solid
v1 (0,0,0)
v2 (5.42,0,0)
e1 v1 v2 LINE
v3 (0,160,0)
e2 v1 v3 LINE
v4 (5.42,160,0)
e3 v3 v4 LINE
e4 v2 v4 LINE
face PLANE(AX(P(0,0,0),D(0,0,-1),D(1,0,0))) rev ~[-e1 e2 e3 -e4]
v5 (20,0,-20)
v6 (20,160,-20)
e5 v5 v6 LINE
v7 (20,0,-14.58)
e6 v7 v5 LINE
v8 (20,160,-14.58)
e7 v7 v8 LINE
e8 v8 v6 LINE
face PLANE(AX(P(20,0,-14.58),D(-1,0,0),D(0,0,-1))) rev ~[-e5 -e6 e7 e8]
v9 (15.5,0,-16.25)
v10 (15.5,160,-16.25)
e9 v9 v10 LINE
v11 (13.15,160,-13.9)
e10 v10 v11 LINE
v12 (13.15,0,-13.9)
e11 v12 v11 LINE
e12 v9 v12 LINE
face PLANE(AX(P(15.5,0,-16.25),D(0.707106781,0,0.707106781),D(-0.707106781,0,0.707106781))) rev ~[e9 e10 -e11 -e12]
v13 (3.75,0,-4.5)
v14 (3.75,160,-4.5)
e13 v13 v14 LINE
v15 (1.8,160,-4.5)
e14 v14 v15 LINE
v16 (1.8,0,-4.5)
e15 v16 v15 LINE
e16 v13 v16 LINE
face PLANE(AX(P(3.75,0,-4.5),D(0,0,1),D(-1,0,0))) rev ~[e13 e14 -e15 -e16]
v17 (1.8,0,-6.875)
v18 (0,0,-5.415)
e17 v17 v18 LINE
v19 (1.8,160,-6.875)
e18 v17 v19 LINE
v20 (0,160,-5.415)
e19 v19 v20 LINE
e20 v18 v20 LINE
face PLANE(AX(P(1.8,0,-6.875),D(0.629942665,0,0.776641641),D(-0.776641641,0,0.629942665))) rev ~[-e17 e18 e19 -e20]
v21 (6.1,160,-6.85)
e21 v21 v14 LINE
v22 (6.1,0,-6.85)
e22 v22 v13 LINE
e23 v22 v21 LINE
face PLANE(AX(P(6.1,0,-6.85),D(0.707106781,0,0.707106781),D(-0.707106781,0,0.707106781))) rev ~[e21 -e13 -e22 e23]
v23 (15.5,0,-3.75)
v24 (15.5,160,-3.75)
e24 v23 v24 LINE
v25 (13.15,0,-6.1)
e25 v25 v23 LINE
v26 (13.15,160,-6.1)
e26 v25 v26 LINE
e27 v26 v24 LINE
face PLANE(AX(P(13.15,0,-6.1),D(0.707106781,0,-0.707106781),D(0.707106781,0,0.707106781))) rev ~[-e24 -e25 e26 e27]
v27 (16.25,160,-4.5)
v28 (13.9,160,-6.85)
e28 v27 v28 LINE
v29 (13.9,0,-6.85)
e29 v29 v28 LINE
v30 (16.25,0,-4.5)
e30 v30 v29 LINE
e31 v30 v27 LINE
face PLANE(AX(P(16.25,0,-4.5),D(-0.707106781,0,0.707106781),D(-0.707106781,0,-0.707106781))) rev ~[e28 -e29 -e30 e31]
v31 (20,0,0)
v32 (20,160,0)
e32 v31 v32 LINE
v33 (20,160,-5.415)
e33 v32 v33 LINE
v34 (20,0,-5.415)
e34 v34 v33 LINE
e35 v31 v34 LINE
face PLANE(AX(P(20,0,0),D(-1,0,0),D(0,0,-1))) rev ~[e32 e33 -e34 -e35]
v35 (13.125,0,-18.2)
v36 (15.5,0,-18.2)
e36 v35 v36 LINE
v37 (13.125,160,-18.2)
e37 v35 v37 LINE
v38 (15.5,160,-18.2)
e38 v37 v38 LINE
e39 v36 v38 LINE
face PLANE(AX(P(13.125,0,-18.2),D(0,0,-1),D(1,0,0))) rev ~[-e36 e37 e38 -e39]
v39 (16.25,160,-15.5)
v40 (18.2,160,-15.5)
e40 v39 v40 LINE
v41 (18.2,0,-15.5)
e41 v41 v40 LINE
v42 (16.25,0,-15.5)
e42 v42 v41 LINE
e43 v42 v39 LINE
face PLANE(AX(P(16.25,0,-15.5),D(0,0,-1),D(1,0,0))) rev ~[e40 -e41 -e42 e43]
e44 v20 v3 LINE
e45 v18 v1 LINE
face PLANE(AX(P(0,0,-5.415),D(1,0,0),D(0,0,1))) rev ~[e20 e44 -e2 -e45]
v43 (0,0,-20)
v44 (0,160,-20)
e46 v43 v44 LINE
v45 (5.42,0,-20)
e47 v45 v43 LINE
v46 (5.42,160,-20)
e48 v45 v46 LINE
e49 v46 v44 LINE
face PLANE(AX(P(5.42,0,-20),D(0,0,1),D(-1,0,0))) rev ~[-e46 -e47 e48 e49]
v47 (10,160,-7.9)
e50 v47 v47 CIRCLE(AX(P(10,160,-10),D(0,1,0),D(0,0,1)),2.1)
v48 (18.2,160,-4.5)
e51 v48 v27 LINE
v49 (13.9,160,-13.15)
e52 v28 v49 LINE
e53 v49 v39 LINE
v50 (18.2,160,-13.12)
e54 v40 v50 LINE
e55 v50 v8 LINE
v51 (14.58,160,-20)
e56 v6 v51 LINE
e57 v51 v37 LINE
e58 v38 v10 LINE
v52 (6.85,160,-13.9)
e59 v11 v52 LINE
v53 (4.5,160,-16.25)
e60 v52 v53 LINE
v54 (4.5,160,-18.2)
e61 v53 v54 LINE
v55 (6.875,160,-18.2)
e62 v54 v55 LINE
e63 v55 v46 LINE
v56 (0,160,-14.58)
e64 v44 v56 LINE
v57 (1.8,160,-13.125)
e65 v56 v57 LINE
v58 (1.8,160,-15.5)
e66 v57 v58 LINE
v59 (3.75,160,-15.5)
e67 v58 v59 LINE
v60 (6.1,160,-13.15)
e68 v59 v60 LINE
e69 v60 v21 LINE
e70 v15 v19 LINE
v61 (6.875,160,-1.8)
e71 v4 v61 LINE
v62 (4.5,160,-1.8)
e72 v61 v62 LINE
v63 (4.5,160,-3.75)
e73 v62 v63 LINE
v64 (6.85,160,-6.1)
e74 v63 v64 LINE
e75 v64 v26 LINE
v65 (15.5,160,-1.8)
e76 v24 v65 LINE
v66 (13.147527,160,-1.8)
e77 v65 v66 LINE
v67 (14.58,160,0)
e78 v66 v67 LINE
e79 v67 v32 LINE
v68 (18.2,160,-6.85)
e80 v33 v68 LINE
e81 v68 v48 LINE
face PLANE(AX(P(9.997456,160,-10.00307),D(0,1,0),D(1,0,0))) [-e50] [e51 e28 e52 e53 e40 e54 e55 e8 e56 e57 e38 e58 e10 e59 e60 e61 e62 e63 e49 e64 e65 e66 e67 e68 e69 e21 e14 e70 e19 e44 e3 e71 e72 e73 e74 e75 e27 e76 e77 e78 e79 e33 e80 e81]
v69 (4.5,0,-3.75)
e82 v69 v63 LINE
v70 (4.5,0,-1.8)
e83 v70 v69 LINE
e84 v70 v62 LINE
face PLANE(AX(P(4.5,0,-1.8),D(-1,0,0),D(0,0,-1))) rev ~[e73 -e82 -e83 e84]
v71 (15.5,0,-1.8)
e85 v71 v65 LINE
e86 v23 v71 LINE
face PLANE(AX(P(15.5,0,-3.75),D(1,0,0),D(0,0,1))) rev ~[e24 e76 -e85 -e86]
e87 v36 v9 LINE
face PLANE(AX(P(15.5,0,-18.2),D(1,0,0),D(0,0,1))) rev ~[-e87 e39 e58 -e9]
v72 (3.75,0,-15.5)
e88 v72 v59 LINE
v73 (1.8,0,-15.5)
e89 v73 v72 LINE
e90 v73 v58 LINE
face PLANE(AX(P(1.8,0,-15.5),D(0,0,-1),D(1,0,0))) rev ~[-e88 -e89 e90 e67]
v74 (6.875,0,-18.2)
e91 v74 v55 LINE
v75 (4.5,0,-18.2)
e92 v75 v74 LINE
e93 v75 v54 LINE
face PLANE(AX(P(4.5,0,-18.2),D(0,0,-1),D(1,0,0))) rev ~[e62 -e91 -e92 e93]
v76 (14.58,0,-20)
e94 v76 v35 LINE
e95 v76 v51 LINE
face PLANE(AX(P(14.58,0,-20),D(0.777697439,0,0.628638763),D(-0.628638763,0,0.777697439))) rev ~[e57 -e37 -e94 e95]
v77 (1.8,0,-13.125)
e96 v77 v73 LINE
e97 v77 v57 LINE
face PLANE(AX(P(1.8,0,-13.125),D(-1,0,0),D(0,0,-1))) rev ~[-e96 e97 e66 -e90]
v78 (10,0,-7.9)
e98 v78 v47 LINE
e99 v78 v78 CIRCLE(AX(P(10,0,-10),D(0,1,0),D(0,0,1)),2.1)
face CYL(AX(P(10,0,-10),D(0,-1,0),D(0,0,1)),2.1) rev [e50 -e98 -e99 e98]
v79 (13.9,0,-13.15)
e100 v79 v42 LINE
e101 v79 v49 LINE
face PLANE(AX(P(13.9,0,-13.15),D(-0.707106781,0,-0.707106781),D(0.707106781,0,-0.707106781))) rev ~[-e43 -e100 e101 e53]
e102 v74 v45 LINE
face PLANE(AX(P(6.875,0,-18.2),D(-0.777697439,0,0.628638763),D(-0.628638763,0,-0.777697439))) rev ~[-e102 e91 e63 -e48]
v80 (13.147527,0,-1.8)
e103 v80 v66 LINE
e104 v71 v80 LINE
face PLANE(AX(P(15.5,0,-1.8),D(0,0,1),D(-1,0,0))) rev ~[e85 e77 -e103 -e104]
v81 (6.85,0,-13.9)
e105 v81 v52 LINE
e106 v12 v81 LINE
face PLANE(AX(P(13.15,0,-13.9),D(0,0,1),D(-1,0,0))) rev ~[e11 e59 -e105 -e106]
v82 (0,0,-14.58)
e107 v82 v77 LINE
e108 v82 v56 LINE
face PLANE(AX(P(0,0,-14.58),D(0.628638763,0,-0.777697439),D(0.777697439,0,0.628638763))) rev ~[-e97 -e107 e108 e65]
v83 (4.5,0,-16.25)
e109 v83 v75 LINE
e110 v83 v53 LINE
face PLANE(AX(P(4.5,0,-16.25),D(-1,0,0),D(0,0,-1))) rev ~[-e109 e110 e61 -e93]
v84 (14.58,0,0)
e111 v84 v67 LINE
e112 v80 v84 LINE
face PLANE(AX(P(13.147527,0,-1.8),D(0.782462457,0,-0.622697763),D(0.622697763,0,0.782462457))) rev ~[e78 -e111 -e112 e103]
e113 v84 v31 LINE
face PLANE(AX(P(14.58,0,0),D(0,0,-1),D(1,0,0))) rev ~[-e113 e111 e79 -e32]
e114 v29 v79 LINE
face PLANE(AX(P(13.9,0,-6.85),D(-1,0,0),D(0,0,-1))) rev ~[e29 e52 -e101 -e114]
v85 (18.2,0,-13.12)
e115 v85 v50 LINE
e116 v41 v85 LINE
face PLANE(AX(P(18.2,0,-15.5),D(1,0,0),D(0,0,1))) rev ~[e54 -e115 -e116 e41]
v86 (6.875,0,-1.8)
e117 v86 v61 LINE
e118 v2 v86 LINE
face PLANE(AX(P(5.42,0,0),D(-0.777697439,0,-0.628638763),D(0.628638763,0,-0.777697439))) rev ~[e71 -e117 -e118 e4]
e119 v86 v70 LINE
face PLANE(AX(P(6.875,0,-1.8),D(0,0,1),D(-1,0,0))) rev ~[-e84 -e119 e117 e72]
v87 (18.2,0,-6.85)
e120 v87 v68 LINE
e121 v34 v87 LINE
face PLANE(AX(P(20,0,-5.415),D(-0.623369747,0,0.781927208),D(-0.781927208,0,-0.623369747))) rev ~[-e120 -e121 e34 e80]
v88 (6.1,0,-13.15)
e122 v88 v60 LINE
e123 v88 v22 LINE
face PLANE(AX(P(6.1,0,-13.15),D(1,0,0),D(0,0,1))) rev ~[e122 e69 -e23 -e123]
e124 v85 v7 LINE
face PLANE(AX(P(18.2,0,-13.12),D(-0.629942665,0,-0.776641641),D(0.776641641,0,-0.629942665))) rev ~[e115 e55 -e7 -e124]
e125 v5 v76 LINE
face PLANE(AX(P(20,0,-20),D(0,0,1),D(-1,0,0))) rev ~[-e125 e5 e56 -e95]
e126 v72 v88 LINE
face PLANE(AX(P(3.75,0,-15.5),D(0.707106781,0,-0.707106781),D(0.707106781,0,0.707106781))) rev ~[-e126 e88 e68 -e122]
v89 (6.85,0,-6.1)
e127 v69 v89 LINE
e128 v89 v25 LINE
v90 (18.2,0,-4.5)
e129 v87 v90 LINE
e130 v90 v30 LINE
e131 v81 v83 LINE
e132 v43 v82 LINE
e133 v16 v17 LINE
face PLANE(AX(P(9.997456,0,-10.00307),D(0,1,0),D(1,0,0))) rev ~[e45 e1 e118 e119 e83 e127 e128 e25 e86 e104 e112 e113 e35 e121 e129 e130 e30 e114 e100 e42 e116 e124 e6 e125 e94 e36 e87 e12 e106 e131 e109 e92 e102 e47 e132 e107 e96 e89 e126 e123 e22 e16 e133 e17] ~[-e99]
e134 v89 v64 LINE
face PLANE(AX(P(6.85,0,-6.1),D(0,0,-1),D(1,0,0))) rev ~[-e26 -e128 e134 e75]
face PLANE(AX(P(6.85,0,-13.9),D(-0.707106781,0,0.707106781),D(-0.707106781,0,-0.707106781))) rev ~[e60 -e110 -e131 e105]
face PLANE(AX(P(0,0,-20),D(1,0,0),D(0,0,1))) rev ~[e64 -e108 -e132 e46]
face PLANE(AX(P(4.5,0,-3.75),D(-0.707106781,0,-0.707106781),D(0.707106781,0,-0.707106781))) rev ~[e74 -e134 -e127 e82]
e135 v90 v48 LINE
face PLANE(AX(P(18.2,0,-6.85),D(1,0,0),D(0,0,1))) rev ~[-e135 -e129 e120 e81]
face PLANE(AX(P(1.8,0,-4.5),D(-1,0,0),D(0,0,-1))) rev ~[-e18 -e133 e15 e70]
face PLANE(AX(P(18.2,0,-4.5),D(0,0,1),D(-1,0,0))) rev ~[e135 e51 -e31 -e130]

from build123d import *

# Parameters (mm, degrees)
SKETCH1_R           = 2.1
BOSS_EXTRUDE1_DEPTH = 160


with BuildPart() as part:
    # Sketch1 → Boss-Extrude1 (new body)
    with BuildSketch(Plane(origin=(0, 0, 0), x_dir=(1, 0, 0), z_dir=(0, 1, 0))):
        Polygon((0, 5.415), (0, 0), (4.5, 0), (5.42, 0), (6.875, 1.8), (4.5, 1.8), (4.5, 3.75), (6.85, 6.1), (13.15, 6.1), (15.5, 3.75), (15.5, 1.8), (13.147527473, 1.8), (14.58, 0), (20, 0), (20, 4.5), (20, 5.415), (18.2, 6.85), (18.2, 5.415), (18.2, 4.5), (16.25, 4.5), (13.9, 6.85), (13.9, 13.15), (16.25, 15.5), (18.2, 15.5), (18.2, 13.12), (20, 14.58), (20, 20), (15.5, 20), (14.58, 20), (13.125, 18.2), (15.5, 18.2), (15.5, 16.25), (13.15, 13.9), (6.85, 13.9), (4.5, 16.25), (4.5, 18.2), (6.875, 18.2), (5.42, 20), (4.5, 20), (0, 20), (0, 14.700042406), (0, 14.58), (1.8, 13.125), (1.8, 14.58), (1.8, 14.700042406), (1.8, 15.5), (3.75, 15.5), (6.1, 13.15), (6.1, 6.85), (3.75, 4.5), (1.8, 4.5), (1.8, 5.415), (1.8, 6.875), align=None)
        with Locations(Location((10, 10, 0), (0, 0, 270))):
            Circle(SKETCH1_R, mode=Mode.SUBTRACT)
    extrude(amount=BOSS_EXTRUDE1_DEPTH)


solid = part.part
